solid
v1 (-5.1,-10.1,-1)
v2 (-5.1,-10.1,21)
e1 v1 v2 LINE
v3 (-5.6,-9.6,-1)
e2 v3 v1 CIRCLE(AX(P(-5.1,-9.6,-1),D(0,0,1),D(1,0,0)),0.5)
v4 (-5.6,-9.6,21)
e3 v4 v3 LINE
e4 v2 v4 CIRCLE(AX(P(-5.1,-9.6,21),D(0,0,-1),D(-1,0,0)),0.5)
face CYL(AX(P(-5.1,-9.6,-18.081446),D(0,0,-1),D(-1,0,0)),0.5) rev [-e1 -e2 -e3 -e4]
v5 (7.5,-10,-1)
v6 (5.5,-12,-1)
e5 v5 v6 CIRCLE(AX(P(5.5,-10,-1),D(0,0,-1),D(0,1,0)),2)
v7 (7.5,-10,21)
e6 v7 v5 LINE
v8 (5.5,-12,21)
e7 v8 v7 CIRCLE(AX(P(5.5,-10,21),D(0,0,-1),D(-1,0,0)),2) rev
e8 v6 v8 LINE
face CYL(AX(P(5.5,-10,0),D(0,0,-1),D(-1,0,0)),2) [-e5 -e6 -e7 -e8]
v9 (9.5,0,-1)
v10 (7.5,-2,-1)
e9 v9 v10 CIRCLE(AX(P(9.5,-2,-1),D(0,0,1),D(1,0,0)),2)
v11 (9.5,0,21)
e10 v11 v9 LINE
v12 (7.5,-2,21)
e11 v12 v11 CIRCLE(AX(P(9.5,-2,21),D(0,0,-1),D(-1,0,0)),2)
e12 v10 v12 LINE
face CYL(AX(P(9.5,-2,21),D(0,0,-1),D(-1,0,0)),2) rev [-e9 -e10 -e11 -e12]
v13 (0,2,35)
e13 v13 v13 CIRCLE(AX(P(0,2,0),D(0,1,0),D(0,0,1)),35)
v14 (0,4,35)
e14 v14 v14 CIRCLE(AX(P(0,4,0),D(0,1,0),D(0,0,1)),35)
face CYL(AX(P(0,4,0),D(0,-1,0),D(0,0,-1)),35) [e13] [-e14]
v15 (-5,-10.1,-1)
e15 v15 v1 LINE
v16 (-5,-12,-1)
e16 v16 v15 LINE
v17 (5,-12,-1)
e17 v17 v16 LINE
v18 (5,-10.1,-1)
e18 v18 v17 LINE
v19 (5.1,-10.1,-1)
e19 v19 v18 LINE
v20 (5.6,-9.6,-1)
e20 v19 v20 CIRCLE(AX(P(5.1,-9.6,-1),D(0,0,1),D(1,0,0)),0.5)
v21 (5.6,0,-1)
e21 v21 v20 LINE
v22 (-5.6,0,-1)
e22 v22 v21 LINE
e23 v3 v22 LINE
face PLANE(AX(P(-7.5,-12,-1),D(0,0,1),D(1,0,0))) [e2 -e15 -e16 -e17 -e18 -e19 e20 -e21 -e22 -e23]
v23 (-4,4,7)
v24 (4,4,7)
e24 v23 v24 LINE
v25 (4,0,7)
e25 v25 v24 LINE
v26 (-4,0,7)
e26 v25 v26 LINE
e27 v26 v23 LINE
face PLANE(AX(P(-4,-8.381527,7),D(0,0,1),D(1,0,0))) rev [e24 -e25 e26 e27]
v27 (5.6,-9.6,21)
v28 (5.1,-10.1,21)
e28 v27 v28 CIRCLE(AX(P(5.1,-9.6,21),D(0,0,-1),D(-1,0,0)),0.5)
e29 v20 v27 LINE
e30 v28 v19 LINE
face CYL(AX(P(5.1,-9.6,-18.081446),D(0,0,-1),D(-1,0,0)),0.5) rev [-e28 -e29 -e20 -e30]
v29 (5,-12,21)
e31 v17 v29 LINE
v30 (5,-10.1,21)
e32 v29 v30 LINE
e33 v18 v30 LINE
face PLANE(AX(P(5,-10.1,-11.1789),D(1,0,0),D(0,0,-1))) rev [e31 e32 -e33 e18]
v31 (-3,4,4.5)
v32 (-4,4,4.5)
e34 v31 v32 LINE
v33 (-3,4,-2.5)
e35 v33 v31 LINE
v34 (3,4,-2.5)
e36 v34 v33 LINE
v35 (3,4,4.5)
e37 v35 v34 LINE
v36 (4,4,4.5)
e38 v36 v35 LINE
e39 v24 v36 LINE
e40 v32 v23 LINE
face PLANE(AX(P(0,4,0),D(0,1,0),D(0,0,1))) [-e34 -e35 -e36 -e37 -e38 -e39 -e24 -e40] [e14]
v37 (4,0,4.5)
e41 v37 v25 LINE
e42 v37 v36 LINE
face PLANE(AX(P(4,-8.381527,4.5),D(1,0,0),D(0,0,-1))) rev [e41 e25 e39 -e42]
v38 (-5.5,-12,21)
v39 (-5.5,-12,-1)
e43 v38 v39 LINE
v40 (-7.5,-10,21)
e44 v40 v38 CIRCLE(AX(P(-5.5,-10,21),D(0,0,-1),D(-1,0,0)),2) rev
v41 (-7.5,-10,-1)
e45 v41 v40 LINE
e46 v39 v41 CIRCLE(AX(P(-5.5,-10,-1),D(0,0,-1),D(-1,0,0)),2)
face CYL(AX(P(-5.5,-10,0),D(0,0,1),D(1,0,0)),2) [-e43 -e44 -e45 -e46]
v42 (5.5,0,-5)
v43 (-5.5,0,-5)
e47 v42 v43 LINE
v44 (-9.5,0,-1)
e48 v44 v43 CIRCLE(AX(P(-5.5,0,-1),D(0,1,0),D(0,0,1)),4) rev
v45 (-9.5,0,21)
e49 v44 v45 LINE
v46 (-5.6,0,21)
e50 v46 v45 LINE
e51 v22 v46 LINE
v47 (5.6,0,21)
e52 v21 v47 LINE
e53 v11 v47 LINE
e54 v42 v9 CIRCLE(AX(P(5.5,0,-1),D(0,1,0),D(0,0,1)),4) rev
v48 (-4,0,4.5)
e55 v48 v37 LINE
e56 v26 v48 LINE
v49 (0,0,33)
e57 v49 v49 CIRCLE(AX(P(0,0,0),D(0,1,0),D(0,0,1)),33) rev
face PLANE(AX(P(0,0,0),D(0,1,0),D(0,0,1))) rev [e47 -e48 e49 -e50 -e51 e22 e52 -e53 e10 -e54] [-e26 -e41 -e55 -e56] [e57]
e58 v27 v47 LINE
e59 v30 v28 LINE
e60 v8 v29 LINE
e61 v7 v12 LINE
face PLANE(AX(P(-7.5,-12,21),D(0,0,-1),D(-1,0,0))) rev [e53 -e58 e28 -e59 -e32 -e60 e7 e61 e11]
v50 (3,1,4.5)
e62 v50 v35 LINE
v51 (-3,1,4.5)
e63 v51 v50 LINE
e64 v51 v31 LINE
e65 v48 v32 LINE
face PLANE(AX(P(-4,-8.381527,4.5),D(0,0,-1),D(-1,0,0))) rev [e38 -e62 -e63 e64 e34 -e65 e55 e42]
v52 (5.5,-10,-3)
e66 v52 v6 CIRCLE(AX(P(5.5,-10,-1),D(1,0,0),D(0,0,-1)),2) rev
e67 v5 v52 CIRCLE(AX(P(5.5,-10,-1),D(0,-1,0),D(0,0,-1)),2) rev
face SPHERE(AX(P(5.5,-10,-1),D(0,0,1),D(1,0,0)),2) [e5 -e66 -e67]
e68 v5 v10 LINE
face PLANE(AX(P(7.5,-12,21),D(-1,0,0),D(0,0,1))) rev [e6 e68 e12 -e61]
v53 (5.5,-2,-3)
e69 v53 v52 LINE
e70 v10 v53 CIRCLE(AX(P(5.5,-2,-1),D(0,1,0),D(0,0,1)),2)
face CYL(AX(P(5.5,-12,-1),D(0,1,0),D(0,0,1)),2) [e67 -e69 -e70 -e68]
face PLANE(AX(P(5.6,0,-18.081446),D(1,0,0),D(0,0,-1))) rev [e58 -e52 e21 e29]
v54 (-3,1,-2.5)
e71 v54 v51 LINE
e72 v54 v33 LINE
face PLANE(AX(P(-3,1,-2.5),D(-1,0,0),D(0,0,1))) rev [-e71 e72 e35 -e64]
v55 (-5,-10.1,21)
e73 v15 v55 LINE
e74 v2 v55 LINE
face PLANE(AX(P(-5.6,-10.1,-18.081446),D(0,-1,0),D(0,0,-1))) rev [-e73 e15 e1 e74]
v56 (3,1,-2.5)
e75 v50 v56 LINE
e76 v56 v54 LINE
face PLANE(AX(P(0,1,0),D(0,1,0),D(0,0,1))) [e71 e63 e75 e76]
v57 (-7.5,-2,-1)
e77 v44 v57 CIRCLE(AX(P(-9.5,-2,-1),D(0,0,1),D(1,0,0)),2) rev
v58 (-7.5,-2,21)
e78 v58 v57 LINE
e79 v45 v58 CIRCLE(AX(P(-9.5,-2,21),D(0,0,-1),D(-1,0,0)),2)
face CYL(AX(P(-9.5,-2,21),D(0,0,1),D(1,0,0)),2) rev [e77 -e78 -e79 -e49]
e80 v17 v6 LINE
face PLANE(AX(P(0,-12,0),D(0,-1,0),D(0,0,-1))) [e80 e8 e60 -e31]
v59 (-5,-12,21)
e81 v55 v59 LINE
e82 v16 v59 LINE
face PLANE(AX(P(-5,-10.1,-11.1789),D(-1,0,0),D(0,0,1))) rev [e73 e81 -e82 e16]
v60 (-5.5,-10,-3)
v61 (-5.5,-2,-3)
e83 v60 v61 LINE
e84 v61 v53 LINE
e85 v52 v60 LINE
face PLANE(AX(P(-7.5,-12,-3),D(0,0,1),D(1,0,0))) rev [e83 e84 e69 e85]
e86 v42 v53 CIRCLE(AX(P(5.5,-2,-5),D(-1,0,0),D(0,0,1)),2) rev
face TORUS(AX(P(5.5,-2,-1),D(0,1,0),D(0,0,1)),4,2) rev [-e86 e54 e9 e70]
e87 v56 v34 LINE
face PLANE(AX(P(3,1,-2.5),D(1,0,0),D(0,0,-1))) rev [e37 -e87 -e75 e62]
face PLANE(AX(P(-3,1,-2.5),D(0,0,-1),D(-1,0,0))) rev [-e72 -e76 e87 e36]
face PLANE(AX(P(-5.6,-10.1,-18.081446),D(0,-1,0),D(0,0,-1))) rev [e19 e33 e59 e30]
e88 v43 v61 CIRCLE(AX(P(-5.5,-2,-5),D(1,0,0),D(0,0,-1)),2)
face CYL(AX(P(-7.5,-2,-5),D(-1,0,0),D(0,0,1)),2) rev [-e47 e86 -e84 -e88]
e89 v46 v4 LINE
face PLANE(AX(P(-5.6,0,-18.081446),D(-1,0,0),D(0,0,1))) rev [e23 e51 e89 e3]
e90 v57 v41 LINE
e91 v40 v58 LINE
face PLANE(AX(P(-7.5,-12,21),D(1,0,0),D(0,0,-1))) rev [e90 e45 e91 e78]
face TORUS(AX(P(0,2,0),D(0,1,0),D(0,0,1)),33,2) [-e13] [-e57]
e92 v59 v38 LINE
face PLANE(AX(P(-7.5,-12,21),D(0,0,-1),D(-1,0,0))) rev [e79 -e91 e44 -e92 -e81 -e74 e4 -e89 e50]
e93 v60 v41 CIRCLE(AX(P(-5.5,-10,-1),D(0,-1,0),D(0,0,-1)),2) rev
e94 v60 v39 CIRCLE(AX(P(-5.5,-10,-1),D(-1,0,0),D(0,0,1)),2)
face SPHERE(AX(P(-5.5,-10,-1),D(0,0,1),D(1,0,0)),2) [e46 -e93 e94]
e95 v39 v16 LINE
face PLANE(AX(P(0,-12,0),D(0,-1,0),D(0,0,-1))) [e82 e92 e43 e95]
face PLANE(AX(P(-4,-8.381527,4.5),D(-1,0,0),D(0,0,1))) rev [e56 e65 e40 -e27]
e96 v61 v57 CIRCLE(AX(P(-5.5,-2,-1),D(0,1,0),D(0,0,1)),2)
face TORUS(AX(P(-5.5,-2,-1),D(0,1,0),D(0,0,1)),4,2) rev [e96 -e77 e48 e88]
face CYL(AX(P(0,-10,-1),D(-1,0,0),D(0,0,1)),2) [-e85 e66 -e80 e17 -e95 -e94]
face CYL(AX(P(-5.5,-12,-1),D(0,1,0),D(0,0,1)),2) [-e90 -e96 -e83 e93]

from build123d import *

# Parameters (mm, degrees)
SKETCH1_R                  = 35
ROUND_BODY_DEPTH           = 4
FILLET1_R                  = 2
SKETCH2_W                  = 6
SKETCH2_H                  = 7
SENSOR_SQUARE_HOLE_DEPTH   = 3
SKETCH4_W                  = 8
SKETCH4_H                  = 2.5
SENSOR_LEAD_HOLE_DEPTH     = 4
SKETCH5_W                  = 15
SKETCH5_H                  = 24
BACK_HOLDER_DEPTH          = 12
SKETCH6_W                  = 11.2
SKETCH6_H                  = 10.1
HOLDER_SLOT_DEPTH          = 22
HOLDER_ROUNDS_R            = 2
SKETCH7_W                  = 10
SKETCH7_H                  = 1.9
HOLDER_TOP_REMOVAL_DEPTH   = 22
HOLDER_MICRO_TOP_FILLETS_R = 0.5


with BuildPart() as part:
    # Sketch1 → Round Body (new body)
    with BuildSketch(Plane(origin=(0, 0, 0), x_dir=(1, 0, 0), z_dir=(0, 1, 0))):
        with Locations(Location((0, 0, 0), (0, 0, 270))):
            Circle(SKETCH1_R)
    extrude(amount=ROUND_BODY_DEPTH)

    # Fillet1
    fillet1_edges = [part.edges().sort_by_distance(p)[0] for p in [
        (0, 0, -35),
    ]]
    fillet(fillet1_edges, radius=FILLET1_R)

    # Sketch2 → Sensor Square Hole (cut)
    with BuildSketch(Plane(origin=(0, 4, 0), x_dir=(1, 0, 0), z_dir=(0, 1, 0))):
        with Locations((0, -1)):
            Rectangle(SKETCH2_W, SKETCH2_H)
    extrude(amount=-SENSOR_SQUARE_HOLE_DEPTH, mode=Mode.SUBTRACT)

    # Sketch4 → Sensor Lead Hole (cut)
    with BuildSketch(Plane(origin=(0, 4, 0), x_dir=(1, 0, 0), z_dir=(0, 1, 0))):
        with Locations((0, -5.75)):
            Rectangle(SKETCH4_W, SKETCH4_H)
    extrude(amount=-SENSOR_LEAD_HOLE_DEPTH, mode=Mode.SUBTRACT)

    # Sketch5 → Back Holder (add)
    with BuildSketch(Plane.XZ):
        with Locations((0, 9)):
            Rectangle(SKETCH5_W, SKETCH5_H)
    extrude(amount=BACK_HOLDER_DEPTH)

    # Sketch6 → Holder Slot (cut)
    with BuildSketch(Plane.XY.offset(21)):
        with Locations((0, -5.05)):
            Rectangle(SKETCH6_W, SKETCH6_H)
    extrude(amount=-HOLDER_SLOT_DEPTH, mode=Mode.SUBTRACT)

    # Holder Rounds
    holder_rounds_edges = [part.edges().sort_by_distance(p)[0] for p in [
        (-7.5, 0, 9),
        (0, 0, -3),
        (-7.5, -6, -3),
        (7.5, 0, 9),
        (7.5, -6, -3),
        (-7.5, -12, 9),
        (0, -12, -3),
        (7.5, -12, 9),
    ]]
    fillet(holder_rounds_edges, radius=HOLDER_ROUNDS_R)

    # Sketch7 → Holder Top Removal (cut)
    with BuildSketch(Plane.XY.offset(21)):
        with Locations((0, -11.05)):
            Rectangle(SKETCH7_W, SKETCH7_H)
    extrude(amount=-HOLDER_TOP_REMOVAL_DEPTH, mode=Mode.SUBTRACT)

    # Holder Micro Top fillets
    holder_micro_top_fillets_edges = [part.edges().sort_by_distance(p)[0] for p in [
        (-5.6, -10.1, 10),
        (5.6, -10.1, 10),
    ]]
    fillet(holder_micro_top_fillets_edges, radius=HOLDER_MICRO_TOP_FILLETS_R)


solid = part.part
